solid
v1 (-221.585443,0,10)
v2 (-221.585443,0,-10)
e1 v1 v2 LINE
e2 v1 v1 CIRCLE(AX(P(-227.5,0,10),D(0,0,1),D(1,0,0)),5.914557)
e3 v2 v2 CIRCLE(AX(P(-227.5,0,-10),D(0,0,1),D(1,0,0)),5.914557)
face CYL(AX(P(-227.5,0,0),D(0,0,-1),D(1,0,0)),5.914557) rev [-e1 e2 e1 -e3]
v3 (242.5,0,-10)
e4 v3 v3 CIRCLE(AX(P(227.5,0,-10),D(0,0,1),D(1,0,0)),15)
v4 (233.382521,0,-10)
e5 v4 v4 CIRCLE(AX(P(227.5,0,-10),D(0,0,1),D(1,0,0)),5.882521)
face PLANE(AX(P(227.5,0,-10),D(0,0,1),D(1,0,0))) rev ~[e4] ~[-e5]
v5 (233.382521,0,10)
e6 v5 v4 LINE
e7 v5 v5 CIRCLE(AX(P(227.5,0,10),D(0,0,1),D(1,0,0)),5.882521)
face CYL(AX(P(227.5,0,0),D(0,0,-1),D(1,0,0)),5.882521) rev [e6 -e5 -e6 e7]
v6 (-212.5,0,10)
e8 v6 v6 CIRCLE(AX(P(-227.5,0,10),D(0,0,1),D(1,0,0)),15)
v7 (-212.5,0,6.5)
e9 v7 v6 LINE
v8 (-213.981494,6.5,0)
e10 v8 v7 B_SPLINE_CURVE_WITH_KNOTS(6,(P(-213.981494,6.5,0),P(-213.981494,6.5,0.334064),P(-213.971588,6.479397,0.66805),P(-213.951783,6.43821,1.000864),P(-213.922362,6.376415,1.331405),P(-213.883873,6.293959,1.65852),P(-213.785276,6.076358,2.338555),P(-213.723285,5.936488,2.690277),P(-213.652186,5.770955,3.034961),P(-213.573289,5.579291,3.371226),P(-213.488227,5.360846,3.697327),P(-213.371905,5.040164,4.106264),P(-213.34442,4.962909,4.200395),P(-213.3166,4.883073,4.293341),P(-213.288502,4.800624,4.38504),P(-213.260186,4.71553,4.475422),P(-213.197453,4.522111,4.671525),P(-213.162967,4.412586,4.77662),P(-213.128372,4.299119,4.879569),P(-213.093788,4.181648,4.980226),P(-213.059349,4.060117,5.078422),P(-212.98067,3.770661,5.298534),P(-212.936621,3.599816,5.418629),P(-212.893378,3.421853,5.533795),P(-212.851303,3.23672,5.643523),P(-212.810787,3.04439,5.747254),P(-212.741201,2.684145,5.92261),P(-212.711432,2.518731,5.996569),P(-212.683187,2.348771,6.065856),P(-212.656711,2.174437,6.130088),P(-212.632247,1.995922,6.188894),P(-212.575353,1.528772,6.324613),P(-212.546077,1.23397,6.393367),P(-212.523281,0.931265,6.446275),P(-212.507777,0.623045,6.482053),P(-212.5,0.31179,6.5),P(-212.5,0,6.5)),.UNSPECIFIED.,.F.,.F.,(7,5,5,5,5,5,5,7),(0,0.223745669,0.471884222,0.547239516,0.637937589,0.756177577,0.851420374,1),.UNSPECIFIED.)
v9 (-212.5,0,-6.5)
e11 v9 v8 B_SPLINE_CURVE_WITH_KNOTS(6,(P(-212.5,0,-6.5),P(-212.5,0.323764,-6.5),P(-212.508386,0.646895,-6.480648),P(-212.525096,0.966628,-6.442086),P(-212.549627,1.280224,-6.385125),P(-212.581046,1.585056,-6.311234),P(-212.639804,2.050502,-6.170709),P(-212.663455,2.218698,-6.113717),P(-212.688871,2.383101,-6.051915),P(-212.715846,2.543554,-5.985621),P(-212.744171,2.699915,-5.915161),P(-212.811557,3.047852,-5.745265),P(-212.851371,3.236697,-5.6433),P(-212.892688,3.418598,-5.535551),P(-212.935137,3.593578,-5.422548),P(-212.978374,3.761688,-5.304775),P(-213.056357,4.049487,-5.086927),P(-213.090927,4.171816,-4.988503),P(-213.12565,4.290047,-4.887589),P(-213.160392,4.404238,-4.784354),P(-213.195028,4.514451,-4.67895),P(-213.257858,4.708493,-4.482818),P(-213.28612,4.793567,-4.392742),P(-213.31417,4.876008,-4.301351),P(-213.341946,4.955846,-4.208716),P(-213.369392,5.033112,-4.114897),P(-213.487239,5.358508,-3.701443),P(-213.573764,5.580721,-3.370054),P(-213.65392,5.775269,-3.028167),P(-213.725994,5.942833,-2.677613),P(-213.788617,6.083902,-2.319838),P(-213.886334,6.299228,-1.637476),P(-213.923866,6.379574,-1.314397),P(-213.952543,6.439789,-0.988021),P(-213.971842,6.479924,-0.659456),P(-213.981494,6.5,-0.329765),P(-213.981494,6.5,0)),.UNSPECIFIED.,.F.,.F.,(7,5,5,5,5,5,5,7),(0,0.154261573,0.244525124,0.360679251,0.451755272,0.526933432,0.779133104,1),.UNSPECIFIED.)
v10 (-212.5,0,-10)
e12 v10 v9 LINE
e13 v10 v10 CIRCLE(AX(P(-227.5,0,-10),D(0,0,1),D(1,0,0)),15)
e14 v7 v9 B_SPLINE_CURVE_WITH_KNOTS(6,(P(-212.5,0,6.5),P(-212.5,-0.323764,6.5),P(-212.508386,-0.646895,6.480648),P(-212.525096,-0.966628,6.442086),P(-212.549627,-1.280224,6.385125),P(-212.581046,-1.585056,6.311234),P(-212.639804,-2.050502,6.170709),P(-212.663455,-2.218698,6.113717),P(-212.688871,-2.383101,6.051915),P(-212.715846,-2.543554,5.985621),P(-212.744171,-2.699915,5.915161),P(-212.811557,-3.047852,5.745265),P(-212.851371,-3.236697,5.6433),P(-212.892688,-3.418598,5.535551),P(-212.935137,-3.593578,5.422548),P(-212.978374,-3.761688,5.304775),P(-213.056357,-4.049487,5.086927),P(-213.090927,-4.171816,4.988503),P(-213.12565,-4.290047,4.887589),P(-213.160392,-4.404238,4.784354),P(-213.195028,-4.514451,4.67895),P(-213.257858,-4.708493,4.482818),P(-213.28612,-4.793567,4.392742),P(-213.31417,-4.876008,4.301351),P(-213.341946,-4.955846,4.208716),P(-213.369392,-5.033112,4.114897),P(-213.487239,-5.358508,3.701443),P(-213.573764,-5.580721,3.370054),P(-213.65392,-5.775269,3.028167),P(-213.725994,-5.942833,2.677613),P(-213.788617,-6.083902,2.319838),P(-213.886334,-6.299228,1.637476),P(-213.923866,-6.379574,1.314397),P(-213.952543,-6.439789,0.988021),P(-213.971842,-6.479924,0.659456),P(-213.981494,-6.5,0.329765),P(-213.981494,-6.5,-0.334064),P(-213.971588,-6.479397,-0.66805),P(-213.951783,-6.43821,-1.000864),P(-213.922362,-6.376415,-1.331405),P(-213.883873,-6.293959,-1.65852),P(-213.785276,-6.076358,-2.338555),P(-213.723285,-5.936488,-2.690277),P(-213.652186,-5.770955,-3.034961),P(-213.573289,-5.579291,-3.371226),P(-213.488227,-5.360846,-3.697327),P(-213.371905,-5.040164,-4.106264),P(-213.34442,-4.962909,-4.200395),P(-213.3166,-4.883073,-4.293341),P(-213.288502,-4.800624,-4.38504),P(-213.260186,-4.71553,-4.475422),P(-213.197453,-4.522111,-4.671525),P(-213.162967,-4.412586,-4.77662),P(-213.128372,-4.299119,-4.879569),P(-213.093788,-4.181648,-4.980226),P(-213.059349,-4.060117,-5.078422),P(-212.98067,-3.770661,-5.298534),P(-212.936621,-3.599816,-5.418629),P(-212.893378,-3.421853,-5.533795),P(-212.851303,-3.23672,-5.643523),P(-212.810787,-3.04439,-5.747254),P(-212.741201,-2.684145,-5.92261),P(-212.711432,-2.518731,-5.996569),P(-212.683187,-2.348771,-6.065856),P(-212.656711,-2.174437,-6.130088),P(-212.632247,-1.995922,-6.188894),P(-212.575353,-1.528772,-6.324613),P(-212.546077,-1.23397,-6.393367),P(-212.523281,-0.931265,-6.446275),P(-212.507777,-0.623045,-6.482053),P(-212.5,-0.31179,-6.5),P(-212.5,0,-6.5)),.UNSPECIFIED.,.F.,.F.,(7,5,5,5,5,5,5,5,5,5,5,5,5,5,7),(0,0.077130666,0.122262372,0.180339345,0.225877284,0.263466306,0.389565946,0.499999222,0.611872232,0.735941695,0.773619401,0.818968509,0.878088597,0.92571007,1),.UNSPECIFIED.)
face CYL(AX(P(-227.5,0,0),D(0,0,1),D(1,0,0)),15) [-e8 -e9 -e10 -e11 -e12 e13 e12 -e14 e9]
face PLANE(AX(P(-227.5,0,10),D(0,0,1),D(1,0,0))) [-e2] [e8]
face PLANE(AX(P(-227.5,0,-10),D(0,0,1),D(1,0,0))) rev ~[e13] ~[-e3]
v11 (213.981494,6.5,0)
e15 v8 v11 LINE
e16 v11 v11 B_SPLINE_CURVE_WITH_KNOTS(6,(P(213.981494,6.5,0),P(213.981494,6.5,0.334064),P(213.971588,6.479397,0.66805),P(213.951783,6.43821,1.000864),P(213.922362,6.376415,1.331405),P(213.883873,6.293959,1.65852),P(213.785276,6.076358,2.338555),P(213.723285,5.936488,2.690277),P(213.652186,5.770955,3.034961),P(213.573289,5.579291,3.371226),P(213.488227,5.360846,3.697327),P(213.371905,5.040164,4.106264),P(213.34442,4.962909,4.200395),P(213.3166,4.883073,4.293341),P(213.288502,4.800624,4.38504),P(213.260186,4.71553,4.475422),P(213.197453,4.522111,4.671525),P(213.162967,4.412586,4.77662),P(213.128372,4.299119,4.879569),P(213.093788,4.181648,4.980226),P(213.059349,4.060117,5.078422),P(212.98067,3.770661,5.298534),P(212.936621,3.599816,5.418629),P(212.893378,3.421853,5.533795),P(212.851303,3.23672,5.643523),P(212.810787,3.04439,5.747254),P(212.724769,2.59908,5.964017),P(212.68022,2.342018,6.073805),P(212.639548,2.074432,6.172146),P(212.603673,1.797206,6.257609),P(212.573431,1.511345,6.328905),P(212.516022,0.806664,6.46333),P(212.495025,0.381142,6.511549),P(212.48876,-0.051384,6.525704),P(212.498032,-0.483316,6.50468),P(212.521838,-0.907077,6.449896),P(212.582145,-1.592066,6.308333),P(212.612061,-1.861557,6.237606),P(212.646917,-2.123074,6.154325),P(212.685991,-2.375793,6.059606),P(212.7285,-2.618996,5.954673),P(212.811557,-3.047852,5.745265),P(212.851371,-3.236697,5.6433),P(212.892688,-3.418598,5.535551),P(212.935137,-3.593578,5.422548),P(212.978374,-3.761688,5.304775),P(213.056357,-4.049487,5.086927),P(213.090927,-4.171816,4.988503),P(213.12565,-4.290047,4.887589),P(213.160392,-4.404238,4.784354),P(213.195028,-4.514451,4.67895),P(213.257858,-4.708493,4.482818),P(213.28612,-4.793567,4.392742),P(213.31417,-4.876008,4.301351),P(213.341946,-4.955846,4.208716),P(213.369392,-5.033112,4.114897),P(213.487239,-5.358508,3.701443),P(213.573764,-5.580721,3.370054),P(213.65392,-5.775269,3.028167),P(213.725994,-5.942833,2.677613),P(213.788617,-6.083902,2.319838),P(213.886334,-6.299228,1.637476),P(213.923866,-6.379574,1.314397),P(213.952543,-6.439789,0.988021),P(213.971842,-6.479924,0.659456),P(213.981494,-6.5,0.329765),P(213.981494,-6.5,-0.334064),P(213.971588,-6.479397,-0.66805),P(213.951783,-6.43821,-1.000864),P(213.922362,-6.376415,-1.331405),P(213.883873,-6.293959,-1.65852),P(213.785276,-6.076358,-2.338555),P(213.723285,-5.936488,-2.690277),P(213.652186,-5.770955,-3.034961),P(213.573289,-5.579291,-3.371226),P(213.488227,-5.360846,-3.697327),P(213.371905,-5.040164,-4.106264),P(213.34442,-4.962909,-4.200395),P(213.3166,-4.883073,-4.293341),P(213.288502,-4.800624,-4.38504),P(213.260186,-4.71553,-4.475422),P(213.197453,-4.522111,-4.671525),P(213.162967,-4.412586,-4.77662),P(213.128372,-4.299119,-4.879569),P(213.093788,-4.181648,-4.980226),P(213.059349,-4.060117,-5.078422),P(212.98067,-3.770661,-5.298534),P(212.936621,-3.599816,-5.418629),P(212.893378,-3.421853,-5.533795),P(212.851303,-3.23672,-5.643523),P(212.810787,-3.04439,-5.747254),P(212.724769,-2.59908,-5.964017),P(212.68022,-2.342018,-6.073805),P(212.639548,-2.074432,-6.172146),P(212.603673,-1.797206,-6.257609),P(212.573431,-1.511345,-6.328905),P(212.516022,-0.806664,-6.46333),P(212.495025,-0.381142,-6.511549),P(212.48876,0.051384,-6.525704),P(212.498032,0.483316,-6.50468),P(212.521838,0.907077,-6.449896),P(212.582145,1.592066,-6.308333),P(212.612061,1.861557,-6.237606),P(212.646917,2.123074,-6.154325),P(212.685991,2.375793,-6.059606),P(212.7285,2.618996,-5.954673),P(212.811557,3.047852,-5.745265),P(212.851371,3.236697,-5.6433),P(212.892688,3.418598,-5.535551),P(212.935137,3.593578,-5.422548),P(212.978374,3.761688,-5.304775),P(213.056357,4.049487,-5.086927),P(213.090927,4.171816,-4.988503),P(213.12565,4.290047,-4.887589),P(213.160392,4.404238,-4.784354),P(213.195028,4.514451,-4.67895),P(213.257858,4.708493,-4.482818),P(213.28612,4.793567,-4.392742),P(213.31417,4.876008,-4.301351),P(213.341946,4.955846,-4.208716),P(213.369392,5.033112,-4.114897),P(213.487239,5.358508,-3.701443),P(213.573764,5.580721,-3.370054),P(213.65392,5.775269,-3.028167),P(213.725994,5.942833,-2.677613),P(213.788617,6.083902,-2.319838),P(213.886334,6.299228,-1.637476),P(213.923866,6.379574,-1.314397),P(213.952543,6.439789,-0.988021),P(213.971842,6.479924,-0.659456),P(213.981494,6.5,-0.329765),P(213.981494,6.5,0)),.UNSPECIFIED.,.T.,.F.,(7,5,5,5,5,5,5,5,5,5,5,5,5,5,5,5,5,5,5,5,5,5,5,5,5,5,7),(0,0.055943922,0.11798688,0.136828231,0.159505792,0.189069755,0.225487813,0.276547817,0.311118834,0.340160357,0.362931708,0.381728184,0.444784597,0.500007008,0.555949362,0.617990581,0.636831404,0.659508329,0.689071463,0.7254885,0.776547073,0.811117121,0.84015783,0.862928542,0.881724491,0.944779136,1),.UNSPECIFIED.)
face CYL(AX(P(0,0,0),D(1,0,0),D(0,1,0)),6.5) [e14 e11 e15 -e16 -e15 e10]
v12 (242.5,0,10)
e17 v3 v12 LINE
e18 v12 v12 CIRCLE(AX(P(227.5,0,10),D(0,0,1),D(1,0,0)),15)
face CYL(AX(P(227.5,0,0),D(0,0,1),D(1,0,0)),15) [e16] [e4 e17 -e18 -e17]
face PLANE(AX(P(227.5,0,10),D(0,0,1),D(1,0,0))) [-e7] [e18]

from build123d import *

# Parameters (mm, degrees)
F0_R     = 15
F0_R_2   = 5.9145568826
F1_DEPTH = 10
F0_R_3   = 5.8825208245
F2_R     = 6.5
F3_DEPTH = 215.6834155321


with BuildPart() as f1:
    # F0 (on Top) → F1 (new body, symmetric)
    with BuildSketch(Plane.XY):
        with Locations((-227.5, 0)):
            Circle(F0_R)
        with Locations((-227.5, 0)):
            Circle(F0_R_2, mode=Mode.SUBTRACT)
    extrude(amount=F1_DEPTH, both=True)



with BuildPart() as f1b:
    # F0 (on Top) → F1, piece 2 (new body, symmetric)
    with BuildSketch(Plane.XY):
        with Locations((227.5, 0)):
            Circle(F0_R)
        with Locations((227.5, 0)):
            Circle(F0_R_3, mode=Mode.SUBTRACT)
    extrude(amount=F1_DEPTH, both=True)


with BuildPart() as f1_1:
    add(f1.part)

    add(f1b.part)  # F3 merges F1b
    # F2 (on Right) → F3 (join, symmetric)
    with BuildSketch(Plane.YZ):
        Circle(F2_R)
    extrude(amount=F3_DEPTH, both=True)


solid = f1_1.part
